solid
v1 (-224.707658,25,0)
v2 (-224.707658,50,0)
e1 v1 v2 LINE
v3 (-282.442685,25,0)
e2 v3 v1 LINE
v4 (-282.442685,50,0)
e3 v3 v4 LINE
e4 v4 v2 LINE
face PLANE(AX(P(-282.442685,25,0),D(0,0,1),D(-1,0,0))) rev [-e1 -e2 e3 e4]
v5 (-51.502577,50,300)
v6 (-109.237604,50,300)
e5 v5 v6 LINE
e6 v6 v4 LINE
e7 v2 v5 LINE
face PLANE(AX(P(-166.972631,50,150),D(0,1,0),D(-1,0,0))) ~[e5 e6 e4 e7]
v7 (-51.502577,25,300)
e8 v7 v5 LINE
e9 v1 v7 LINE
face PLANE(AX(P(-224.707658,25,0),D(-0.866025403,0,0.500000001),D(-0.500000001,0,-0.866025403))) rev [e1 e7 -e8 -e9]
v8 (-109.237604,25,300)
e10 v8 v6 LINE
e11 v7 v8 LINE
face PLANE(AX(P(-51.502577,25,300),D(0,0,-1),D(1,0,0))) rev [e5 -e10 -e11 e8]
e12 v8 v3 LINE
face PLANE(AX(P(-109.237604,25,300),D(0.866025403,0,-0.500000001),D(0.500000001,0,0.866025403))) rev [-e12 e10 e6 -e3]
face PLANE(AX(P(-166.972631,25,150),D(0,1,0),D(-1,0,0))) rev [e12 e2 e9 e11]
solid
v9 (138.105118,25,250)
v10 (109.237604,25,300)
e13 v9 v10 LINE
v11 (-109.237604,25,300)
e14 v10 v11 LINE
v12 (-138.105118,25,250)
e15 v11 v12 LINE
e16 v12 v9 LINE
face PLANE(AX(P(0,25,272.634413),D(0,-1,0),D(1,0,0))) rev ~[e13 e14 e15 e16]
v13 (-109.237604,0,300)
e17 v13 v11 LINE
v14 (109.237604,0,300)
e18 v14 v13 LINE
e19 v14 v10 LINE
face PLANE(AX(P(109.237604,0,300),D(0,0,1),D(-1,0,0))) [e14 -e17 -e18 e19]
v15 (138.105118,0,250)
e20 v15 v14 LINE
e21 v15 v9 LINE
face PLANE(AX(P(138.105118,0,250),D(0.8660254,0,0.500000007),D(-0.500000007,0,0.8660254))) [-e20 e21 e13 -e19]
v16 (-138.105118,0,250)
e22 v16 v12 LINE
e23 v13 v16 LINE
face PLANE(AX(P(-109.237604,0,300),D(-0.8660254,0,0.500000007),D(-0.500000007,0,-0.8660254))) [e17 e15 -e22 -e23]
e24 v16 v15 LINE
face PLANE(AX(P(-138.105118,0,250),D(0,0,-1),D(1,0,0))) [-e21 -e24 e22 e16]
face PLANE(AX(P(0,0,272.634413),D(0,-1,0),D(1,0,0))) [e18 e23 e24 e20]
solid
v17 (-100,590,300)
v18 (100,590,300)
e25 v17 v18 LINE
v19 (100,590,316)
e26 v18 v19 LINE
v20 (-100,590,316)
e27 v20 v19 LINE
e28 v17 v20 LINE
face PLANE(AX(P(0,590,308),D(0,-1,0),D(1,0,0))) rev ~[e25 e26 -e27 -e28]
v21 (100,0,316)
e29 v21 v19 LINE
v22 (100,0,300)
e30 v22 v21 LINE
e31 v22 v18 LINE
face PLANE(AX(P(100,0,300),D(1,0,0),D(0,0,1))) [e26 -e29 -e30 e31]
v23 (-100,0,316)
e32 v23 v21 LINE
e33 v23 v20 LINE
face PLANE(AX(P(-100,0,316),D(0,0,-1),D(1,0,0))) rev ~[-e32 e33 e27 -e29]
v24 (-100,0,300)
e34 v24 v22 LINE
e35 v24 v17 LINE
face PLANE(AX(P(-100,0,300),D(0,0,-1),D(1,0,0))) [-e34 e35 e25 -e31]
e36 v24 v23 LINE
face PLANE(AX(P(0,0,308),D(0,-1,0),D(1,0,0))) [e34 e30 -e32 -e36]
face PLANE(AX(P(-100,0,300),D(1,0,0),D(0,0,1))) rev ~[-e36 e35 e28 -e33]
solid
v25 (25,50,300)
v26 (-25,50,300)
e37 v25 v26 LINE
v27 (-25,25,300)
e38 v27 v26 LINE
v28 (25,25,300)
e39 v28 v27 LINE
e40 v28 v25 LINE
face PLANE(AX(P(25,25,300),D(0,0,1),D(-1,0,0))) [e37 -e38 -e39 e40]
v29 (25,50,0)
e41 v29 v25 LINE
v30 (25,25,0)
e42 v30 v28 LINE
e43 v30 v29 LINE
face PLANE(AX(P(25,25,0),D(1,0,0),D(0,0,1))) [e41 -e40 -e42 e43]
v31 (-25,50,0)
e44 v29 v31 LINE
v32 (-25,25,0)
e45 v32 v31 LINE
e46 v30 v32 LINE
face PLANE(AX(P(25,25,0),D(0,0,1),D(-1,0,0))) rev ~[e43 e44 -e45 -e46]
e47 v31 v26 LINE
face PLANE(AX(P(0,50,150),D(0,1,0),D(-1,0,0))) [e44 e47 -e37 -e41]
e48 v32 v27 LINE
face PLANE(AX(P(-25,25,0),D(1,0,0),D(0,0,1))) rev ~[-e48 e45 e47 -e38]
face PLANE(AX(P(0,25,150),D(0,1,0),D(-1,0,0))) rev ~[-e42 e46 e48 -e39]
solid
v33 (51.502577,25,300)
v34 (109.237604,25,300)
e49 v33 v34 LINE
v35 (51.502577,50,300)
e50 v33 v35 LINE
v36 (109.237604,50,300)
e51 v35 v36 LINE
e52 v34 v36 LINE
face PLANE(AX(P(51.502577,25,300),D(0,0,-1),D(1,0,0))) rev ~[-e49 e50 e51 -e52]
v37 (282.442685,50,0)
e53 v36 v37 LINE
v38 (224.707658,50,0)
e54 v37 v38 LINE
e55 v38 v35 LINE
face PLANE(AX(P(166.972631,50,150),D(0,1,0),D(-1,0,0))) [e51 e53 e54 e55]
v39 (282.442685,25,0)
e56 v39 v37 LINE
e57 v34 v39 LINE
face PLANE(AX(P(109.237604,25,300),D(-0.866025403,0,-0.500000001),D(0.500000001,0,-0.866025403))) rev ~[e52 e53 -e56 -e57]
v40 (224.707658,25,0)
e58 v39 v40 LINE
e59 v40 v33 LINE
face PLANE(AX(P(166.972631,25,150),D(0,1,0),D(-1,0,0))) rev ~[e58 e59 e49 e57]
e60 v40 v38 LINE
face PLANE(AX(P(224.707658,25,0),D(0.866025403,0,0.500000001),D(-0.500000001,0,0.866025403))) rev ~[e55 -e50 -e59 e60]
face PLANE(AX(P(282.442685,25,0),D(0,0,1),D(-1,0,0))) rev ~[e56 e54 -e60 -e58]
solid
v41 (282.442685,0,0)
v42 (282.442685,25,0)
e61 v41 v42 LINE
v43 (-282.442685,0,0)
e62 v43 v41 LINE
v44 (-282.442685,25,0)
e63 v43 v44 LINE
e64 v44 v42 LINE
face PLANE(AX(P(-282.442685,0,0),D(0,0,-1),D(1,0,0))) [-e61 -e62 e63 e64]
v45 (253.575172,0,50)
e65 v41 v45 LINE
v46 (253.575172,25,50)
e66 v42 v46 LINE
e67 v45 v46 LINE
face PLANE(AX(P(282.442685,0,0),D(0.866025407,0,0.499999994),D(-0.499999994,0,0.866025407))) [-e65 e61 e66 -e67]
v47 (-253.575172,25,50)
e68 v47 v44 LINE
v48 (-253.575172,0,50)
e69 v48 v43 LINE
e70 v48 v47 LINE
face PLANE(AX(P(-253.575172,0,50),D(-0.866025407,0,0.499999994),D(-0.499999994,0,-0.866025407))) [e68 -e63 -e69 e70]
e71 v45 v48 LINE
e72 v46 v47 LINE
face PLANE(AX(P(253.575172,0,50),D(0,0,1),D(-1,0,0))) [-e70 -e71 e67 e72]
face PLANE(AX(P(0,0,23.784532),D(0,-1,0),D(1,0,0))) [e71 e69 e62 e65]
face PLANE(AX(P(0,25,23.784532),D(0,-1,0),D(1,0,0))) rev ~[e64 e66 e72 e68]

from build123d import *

# Parameters (mm, degrees)
F0_W     = 200
F0_H     = 16
F1_DEPTH = 590
F3_DEPTH = 25
F5_DEPTH = 25
F6_W     = 50
F6_H     = 300
F7_DEPTH = 25
F9_DEPTH = 25


with BuildPart() as f1:
    # F0 (on Front) → F1 (new body)
    with BuildSketch(Plane.XZ):
        with Locations((0, 308)):
            Rectangle(F0_W, F0_H)
    extrude(amount=-F1_DEPTH)


with BuildPart() as f3:
    # F2 (on Front) → F3 (new body)
    with BuildSketch(Plane.XZ):
        Polygon((-109.237604, 300), (-138.105118, 250), (138.105118, 250), (109.237604, 300), align=None)
    extrude(amount=-F3_DEPTH)


with BuildPart() as f5:
    # F4 (on Front) → F5 (new body)
    with BuildSketch(Plane.XZ):
        Polygon((-253.575172, 50), (-282.442685, 0), (282.442685, 0), (253.575172, 50), align=None)
    extrude(amount=-F5_DEPTH)


with BuildPart() as f7:
    # F6 (on face) → F7 (new body)
    with BuildSketch(Plane(origin=(0, 25, 0), x_dir=(-1, 0, 0), z_dir=(0, 1, 0))):
        with Locations((0, 150)):
            Rectangle(F6_W, F6_H)
    extrude(amount=F7_DEPTH)


with BuildPart() as f9:
    # F8 (on face) → F9 (new body)
    with BuildSketch(Plane(origin=(0, 25, 0), x_dir=(-1, 0, 0), z_dir=(0, 1, 0))):
        Polygon((-109.237604, 300), (-282.442685, 0), (-224.707658, 0), (-51.502577, 300), align=None)
    extrude(amount=F9_DEPTH)


with BuildPart() as f10_1:
    # F10: instance of F9
    add(f9.part.mirror(Plane.YZ))


solid = Compound([f1.part, f3.part, f5.part, f7.part, f9.part, f10_1.part])
